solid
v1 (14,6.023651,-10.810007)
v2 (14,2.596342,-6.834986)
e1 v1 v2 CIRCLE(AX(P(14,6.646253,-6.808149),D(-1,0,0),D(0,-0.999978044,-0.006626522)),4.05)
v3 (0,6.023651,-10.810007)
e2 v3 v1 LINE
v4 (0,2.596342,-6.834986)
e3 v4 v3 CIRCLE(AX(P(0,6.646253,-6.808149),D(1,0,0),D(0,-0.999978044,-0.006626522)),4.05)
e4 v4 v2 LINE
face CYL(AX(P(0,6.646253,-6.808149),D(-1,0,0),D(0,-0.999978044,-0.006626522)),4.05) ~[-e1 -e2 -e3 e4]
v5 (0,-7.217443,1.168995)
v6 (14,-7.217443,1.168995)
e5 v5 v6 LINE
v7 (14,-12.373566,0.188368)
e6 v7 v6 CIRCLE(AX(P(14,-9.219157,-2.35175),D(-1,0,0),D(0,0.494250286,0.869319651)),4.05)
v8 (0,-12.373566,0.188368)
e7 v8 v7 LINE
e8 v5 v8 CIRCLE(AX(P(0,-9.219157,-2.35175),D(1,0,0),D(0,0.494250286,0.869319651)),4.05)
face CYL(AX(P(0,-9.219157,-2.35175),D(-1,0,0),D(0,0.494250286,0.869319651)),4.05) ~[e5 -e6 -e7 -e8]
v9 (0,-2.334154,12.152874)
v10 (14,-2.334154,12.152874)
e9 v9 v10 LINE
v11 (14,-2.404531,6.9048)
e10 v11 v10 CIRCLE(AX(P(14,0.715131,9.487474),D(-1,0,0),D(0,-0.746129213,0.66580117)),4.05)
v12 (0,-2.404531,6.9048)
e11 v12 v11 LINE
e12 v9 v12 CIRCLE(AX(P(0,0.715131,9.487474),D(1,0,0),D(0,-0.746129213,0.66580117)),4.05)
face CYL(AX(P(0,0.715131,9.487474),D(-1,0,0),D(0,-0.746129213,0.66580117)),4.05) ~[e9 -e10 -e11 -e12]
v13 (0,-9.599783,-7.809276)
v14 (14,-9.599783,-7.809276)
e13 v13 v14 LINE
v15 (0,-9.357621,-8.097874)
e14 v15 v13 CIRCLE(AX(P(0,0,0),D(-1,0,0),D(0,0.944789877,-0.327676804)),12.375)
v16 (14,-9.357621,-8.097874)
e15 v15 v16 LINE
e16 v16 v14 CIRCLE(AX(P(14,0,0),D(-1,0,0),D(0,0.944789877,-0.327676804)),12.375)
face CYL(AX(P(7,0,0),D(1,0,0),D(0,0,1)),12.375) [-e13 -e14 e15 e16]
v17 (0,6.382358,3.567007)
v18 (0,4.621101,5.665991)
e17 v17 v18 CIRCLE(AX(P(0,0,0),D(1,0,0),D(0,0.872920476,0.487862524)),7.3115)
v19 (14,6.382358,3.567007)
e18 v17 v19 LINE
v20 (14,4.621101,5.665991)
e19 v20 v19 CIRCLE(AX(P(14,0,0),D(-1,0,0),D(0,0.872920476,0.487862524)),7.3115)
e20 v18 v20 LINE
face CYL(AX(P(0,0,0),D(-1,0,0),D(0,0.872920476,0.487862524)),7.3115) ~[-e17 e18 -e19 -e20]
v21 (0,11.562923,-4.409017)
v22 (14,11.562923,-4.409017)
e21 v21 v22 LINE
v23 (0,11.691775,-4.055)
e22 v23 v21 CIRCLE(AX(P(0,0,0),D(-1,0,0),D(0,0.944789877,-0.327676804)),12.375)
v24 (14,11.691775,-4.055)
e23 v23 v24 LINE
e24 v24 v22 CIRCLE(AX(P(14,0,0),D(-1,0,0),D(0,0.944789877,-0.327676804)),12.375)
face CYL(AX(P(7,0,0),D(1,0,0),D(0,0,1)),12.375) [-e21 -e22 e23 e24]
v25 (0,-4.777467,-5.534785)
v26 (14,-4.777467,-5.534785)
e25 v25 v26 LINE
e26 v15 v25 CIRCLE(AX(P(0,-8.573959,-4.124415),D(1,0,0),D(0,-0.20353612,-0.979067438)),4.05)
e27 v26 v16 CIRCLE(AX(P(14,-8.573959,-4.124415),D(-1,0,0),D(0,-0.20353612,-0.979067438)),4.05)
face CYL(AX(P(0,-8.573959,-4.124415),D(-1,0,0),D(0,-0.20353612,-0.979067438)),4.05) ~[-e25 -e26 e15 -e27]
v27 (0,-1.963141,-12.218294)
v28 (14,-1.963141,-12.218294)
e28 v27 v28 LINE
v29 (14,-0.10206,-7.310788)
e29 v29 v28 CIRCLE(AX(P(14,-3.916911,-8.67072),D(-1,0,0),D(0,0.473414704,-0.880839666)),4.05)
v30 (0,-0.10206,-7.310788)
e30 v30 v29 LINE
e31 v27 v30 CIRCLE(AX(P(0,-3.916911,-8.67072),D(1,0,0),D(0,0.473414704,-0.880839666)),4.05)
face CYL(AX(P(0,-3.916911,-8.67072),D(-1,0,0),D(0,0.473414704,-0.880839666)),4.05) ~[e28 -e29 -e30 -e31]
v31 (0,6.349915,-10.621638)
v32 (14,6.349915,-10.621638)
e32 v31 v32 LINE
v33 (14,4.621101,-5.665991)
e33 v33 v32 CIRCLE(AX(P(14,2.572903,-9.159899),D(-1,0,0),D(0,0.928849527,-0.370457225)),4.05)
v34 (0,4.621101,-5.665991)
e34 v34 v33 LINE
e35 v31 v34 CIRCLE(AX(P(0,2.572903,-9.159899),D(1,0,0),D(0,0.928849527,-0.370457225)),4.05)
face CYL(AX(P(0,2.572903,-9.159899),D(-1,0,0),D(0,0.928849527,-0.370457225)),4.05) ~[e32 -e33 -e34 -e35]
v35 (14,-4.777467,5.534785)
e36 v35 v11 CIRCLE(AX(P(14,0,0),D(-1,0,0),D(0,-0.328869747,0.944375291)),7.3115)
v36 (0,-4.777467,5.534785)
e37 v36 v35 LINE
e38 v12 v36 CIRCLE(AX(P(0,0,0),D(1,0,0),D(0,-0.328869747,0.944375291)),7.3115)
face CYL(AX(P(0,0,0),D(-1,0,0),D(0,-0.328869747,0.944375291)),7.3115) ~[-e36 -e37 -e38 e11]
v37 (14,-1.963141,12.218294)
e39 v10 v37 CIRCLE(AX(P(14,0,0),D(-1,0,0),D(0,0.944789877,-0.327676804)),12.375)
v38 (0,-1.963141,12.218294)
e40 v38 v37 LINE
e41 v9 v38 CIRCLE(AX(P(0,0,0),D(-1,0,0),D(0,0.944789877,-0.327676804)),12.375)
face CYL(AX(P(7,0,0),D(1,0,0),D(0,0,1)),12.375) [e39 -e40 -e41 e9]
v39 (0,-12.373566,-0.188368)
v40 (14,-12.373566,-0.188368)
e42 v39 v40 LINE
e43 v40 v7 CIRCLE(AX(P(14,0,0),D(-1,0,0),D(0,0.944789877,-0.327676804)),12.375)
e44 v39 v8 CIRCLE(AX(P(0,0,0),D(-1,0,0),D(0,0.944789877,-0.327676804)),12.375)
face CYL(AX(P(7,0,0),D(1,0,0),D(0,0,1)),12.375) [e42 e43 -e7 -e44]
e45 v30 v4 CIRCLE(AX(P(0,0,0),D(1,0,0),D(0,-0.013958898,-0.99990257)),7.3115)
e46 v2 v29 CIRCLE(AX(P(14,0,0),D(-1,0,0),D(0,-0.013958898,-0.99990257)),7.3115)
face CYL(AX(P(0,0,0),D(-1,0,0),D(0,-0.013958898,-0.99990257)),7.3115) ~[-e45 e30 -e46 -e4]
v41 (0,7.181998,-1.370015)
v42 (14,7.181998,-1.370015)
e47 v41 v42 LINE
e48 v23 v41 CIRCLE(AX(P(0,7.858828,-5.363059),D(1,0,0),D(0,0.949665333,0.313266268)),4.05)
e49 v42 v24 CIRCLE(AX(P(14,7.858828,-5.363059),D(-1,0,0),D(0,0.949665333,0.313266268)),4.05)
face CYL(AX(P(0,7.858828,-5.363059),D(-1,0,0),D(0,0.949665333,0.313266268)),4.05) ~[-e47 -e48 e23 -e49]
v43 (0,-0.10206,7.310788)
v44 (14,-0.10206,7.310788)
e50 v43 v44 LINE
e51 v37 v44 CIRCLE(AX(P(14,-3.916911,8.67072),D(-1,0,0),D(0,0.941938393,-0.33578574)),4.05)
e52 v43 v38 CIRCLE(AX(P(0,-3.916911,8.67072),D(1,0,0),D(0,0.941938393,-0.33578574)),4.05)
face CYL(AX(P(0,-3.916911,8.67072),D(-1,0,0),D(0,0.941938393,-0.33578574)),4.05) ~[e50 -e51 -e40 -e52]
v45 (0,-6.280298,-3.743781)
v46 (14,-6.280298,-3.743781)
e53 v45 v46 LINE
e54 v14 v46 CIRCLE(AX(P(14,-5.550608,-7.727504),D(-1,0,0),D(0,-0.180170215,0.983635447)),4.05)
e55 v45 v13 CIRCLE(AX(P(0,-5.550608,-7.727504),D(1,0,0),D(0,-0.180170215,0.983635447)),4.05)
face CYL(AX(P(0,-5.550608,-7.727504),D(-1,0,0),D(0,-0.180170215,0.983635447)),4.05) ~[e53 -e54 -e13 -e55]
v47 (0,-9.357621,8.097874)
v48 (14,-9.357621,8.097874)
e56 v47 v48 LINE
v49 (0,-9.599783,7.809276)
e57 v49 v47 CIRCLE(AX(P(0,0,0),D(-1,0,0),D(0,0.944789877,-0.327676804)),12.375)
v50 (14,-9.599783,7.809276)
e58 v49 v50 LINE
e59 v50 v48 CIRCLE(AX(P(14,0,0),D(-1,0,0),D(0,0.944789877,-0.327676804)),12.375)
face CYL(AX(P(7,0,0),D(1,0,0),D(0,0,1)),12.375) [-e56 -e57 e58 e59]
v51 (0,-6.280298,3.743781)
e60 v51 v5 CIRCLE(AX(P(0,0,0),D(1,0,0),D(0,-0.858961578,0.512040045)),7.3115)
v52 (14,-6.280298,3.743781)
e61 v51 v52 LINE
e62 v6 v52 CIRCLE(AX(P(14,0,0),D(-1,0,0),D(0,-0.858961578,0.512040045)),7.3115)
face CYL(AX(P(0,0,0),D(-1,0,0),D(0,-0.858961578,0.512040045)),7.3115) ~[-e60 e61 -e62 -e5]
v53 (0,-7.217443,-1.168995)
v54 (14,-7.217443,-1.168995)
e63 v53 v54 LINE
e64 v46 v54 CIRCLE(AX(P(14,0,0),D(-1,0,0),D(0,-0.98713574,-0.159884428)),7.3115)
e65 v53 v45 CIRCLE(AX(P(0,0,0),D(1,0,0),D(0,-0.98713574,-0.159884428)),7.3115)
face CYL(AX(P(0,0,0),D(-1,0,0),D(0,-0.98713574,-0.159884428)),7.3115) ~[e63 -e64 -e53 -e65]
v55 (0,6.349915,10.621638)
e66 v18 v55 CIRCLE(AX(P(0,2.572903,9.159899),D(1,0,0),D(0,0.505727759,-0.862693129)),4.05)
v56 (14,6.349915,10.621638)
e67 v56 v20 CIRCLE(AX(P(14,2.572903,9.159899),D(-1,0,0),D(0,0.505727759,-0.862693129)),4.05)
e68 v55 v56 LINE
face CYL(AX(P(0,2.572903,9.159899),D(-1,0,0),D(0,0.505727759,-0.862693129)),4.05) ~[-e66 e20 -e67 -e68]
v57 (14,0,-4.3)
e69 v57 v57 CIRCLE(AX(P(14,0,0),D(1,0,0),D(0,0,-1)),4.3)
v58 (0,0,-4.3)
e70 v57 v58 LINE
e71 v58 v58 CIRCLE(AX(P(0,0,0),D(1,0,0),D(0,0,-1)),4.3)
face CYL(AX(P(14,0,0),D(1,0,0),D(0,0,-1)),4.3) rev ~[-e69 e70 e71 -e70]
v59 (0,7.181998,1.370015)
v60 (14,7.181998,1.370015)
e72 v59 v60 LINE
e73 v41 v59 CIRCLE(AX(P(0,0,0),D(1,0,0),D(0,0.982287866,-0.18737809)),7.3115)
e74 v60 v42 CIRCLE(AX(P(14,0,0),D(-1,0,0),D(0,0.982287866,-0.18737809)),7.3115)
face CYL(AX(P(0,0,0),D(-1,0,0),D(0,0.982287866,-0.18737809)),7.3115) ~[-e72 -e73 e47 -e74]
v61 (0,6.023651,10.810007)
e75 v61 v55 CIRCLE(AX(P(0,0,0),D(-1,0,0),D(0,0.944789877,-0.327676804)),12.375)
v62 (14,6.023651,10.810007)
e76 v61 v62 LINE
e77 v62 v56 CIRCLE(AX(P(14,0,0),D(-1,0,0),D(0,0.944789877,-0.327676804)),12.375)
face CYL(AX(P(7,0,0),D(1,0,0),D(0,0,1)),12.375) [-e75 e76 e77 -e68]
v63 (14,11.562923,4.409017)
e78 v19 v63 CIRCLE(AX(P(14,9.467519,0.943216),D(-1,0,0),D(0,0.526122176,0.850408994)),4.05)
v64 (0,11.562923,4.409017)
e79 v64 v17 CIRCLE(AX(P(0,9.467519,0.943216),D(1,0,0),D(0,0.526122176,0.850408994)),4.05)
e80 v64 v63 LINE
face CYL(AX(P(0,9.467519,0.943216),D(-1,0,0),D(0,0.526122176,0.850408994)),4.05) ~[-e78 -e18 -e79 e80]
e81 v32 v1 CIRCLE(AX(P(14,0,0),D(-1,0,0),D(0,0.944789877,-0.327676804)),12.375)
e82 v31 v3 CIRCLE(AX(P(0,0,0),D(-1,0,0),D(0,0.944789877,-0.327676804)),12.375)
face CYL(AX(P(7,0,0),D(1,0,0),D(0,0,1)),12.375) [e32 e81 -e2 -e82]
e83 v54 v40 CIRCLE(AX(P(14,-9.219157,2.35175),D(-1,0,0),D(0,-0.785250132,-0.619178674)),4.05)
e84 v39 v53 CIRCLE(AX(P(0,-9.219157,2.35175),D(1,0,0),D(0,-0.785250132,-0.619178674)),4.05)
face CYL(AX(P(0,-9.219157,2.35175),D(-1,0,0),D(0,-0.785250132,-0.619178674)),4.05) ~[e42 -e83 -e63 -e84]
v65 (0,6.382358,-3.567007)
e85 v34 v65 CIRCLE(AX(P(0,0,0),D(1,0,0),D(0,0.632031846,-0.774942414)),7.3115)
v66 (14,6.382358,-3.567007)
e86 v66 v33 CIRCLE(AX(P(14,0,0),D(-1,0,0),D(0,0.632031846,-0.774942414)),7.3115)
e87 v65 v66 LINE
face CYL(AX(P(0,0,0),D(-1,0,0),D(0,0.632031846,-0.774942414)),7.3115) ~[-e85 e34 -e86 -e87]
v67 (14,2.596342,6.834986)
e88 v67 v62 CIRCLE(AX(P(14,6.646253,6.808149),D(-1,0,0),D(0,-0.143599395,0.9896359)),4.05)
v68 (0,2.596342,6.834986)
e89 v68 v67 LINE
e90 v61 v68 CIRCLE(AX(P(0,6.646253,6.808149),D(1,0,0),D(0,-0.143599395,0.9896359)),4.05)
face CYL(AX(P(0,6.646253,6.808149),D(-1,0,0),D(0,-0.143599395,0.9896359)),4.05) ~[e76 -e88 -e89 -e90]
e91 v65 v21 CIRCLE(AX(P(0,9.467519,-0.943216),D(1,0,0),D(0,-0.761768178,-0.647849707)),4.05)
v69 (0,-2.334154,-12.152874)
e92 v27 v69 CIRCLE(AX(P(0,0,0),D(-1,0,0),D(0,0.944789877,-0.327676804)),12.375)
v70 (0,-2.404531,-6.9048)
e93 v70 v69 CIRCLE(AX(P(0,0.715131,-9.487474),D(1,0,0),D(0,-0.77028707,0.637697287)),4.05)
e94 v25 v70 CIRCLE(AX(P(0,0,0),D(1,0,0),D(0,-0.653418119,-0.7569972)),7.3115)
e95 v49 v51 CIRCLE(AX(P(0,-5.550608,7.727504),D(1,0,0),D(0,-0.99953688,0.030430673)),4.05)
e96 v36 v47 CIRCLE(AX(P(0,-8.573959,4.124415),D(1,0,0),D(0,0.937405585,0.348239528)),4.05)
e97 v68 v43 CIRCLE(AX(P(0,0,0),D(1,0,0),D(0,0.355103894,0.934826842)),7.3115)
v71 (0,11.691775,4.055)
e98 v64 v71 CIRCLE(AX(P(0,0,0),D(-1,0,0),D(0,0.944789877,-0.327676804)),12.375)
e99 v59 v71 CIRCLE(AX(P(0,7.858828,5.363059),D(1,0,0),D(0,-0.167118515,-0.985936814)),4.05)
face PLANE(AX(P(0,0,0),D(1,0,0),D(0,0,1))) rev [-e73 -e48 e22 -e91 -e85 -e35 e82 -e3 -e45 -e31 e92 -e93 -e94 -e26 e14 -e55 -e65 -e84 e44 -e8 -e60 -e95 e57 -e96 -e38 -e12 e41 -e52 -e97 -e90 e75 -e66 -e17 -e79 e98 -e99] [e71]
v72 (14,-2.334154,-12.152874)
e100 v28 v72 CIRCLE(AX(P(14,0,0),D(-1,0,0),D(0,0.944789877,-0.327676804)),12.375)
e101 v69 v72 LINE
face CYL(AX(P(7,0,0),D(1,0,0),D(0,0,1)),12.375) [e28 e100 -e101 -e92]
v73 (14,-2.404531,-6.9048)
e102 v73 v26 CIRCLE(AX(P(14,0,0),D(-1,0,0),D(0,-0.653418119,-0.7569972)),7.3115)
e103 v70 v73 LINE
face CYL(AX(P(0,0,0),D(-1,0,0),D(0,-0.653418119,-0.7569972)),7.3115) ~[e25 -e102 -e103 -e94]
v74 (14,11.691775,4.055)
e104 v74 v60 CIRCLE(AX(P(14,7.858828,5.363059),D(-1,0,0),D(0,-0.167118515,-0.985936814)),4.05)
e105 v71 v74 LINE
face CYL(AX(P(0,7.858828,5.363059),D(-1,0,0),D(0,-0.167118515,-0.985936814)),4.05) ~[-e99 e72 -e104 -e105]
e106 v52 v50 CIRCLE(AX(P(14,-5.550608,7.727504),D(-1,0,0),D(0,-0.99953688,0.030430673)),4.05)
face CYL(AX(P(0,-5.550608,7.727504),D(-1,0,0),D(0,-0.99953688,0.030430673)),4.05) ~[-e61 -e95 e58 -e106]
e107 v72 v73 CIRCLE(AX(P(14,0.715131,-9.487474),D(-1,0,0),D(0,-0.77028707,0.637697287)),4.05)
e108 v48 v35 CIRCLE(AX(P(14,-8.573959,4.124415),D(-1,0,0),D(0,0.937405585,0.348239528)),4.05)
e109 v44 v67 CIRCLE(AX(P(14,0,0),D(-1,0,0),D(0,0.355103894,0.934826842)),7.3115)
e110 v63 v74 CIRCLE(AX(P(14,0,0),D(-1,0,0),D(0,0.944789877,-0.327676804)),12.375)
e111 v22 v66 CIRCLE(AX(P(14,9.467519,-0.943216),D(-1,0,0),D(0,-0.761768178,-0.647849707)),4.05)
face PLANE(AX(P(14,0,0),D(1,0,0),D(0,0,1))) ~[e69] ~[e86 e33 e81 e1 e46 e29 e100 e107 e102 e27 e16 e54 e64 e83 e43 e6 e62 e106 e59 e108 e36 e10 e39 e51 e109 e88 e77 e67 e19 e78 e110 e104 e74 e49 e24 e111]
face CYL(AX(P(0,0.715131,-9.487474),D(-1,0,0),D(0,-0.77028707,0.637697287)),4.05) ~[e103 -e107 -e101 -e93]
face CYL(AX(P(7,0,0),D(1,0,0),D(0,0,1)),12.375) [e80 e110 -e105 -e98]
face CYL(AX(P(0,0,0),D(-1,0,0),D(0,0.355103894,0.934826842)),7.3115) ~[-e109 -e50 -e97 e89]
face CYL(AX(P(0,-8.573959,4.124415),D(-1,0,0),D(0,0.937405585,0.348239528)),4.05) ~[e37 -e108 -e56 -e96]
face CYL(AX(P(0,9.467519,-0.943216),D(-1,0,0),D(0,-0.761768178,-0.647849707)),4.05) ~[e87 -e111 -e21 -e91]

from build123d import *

# Parameters (mm, degrees)
BASPROSKE_W        = 14
BASPROSKE_H        = 12.375
TOOTHCUT_DEPTH     = 23.411632024
TEETHCUTS_COUNT    = 9
TEETHCUTS_ANGLE    = 320
BORSKE_R           = 4
BORE_DEPTH         = 50.0000508
SKETCH1_R          = 4.3
CUT_EXTRUDE1_DEPTH = 23.325486095


with BuildPart() as part:
    # BasProSke → Base-Revolve (revolve)
    with BuildSketch(Plane(origin=(0, 0, 0), x_dir=(1, 0, 0), z_dir=(0, 1, 0)), mode=Mode.PRIVATE) as base_revolve_sk:
        with Locations((7, 6.1875)):
            Rectangle(BASPROSKE_W, BASPROSKE_H)
    revolve(base_revolve_sk.sketch.rotate(Axis((-10, 0, 0), (1, 0, 0)), 180), axis=Axis((-10, 0, 0), (1, 0, 0)))

    # TooCutSke → ToothCut (cut, through all)
    with BuildSketch(Plane(origin=(0, 0, 0), x_dir=(0, 0, -1), z_dir=(1, 0, 0))):
        with BuildLine():
            ThreePointArc((1.370014904, 7.181997731), (0, 7.3115), (-1.370014904, 7.181997731))
            ThreePointArc((-1.370014904, 7.181997731), (-1.893781384, 9.948471899), (-4.094330617, 11.704972318))
            ThreePointArc((-4.094330617, 11.704972318), (0, 12.4004), (4.094330617, 11.704972318))
            ThreePointArc((4.094330617, 11.704972318), (1.893781384, 9.948471899), (1.370014904, 7.181997731))
        make_face()
    toothcut = extrude(amount=TOOTHCUT_DEPTH, mode=Mode.SUBTRACT)

    # TeethCuts: ToothCut ×9 about axis
    teethcuts_axis = Axis((-10, 0, 0), (1, 0, 0))
    for i in range(1, TEETHCUTS_COUNT):
        add(toothcut.rotate(teethcuts_axis, i * TEETHCUTS_ANGLE / (TEETHCUTS_COUNT - 1)), mode=Mode.SUBTRACT)

    # BorSke → Bore (cut, symmetric)
    with BuildSketch(Plane(origin=(0, 0, 0), x_dir=(0, 0, -1), z_dir=(1, 0, 0))):
        with Locations(Location((0, 0, 0), (0, 0, 180))):
            Circle(BORSKE_R)
    extrude(amount=BORE_DEPTH, both=True, mode=Mode.SUBTRACT)

    # Sketch1 → Cut-Extrude1 (cut, through all)
    with BuildSketch(Plane(origin=(14, 0, 0), x_dir=(0, 0, -1), z_dir=(1, 0, 0))):
        Circle(SKETCH1_R)
    extrude(amount=-CUT_EXTRUDE1_DEPTH, mode=Mode.SUBTRACT)


solid = part.part
